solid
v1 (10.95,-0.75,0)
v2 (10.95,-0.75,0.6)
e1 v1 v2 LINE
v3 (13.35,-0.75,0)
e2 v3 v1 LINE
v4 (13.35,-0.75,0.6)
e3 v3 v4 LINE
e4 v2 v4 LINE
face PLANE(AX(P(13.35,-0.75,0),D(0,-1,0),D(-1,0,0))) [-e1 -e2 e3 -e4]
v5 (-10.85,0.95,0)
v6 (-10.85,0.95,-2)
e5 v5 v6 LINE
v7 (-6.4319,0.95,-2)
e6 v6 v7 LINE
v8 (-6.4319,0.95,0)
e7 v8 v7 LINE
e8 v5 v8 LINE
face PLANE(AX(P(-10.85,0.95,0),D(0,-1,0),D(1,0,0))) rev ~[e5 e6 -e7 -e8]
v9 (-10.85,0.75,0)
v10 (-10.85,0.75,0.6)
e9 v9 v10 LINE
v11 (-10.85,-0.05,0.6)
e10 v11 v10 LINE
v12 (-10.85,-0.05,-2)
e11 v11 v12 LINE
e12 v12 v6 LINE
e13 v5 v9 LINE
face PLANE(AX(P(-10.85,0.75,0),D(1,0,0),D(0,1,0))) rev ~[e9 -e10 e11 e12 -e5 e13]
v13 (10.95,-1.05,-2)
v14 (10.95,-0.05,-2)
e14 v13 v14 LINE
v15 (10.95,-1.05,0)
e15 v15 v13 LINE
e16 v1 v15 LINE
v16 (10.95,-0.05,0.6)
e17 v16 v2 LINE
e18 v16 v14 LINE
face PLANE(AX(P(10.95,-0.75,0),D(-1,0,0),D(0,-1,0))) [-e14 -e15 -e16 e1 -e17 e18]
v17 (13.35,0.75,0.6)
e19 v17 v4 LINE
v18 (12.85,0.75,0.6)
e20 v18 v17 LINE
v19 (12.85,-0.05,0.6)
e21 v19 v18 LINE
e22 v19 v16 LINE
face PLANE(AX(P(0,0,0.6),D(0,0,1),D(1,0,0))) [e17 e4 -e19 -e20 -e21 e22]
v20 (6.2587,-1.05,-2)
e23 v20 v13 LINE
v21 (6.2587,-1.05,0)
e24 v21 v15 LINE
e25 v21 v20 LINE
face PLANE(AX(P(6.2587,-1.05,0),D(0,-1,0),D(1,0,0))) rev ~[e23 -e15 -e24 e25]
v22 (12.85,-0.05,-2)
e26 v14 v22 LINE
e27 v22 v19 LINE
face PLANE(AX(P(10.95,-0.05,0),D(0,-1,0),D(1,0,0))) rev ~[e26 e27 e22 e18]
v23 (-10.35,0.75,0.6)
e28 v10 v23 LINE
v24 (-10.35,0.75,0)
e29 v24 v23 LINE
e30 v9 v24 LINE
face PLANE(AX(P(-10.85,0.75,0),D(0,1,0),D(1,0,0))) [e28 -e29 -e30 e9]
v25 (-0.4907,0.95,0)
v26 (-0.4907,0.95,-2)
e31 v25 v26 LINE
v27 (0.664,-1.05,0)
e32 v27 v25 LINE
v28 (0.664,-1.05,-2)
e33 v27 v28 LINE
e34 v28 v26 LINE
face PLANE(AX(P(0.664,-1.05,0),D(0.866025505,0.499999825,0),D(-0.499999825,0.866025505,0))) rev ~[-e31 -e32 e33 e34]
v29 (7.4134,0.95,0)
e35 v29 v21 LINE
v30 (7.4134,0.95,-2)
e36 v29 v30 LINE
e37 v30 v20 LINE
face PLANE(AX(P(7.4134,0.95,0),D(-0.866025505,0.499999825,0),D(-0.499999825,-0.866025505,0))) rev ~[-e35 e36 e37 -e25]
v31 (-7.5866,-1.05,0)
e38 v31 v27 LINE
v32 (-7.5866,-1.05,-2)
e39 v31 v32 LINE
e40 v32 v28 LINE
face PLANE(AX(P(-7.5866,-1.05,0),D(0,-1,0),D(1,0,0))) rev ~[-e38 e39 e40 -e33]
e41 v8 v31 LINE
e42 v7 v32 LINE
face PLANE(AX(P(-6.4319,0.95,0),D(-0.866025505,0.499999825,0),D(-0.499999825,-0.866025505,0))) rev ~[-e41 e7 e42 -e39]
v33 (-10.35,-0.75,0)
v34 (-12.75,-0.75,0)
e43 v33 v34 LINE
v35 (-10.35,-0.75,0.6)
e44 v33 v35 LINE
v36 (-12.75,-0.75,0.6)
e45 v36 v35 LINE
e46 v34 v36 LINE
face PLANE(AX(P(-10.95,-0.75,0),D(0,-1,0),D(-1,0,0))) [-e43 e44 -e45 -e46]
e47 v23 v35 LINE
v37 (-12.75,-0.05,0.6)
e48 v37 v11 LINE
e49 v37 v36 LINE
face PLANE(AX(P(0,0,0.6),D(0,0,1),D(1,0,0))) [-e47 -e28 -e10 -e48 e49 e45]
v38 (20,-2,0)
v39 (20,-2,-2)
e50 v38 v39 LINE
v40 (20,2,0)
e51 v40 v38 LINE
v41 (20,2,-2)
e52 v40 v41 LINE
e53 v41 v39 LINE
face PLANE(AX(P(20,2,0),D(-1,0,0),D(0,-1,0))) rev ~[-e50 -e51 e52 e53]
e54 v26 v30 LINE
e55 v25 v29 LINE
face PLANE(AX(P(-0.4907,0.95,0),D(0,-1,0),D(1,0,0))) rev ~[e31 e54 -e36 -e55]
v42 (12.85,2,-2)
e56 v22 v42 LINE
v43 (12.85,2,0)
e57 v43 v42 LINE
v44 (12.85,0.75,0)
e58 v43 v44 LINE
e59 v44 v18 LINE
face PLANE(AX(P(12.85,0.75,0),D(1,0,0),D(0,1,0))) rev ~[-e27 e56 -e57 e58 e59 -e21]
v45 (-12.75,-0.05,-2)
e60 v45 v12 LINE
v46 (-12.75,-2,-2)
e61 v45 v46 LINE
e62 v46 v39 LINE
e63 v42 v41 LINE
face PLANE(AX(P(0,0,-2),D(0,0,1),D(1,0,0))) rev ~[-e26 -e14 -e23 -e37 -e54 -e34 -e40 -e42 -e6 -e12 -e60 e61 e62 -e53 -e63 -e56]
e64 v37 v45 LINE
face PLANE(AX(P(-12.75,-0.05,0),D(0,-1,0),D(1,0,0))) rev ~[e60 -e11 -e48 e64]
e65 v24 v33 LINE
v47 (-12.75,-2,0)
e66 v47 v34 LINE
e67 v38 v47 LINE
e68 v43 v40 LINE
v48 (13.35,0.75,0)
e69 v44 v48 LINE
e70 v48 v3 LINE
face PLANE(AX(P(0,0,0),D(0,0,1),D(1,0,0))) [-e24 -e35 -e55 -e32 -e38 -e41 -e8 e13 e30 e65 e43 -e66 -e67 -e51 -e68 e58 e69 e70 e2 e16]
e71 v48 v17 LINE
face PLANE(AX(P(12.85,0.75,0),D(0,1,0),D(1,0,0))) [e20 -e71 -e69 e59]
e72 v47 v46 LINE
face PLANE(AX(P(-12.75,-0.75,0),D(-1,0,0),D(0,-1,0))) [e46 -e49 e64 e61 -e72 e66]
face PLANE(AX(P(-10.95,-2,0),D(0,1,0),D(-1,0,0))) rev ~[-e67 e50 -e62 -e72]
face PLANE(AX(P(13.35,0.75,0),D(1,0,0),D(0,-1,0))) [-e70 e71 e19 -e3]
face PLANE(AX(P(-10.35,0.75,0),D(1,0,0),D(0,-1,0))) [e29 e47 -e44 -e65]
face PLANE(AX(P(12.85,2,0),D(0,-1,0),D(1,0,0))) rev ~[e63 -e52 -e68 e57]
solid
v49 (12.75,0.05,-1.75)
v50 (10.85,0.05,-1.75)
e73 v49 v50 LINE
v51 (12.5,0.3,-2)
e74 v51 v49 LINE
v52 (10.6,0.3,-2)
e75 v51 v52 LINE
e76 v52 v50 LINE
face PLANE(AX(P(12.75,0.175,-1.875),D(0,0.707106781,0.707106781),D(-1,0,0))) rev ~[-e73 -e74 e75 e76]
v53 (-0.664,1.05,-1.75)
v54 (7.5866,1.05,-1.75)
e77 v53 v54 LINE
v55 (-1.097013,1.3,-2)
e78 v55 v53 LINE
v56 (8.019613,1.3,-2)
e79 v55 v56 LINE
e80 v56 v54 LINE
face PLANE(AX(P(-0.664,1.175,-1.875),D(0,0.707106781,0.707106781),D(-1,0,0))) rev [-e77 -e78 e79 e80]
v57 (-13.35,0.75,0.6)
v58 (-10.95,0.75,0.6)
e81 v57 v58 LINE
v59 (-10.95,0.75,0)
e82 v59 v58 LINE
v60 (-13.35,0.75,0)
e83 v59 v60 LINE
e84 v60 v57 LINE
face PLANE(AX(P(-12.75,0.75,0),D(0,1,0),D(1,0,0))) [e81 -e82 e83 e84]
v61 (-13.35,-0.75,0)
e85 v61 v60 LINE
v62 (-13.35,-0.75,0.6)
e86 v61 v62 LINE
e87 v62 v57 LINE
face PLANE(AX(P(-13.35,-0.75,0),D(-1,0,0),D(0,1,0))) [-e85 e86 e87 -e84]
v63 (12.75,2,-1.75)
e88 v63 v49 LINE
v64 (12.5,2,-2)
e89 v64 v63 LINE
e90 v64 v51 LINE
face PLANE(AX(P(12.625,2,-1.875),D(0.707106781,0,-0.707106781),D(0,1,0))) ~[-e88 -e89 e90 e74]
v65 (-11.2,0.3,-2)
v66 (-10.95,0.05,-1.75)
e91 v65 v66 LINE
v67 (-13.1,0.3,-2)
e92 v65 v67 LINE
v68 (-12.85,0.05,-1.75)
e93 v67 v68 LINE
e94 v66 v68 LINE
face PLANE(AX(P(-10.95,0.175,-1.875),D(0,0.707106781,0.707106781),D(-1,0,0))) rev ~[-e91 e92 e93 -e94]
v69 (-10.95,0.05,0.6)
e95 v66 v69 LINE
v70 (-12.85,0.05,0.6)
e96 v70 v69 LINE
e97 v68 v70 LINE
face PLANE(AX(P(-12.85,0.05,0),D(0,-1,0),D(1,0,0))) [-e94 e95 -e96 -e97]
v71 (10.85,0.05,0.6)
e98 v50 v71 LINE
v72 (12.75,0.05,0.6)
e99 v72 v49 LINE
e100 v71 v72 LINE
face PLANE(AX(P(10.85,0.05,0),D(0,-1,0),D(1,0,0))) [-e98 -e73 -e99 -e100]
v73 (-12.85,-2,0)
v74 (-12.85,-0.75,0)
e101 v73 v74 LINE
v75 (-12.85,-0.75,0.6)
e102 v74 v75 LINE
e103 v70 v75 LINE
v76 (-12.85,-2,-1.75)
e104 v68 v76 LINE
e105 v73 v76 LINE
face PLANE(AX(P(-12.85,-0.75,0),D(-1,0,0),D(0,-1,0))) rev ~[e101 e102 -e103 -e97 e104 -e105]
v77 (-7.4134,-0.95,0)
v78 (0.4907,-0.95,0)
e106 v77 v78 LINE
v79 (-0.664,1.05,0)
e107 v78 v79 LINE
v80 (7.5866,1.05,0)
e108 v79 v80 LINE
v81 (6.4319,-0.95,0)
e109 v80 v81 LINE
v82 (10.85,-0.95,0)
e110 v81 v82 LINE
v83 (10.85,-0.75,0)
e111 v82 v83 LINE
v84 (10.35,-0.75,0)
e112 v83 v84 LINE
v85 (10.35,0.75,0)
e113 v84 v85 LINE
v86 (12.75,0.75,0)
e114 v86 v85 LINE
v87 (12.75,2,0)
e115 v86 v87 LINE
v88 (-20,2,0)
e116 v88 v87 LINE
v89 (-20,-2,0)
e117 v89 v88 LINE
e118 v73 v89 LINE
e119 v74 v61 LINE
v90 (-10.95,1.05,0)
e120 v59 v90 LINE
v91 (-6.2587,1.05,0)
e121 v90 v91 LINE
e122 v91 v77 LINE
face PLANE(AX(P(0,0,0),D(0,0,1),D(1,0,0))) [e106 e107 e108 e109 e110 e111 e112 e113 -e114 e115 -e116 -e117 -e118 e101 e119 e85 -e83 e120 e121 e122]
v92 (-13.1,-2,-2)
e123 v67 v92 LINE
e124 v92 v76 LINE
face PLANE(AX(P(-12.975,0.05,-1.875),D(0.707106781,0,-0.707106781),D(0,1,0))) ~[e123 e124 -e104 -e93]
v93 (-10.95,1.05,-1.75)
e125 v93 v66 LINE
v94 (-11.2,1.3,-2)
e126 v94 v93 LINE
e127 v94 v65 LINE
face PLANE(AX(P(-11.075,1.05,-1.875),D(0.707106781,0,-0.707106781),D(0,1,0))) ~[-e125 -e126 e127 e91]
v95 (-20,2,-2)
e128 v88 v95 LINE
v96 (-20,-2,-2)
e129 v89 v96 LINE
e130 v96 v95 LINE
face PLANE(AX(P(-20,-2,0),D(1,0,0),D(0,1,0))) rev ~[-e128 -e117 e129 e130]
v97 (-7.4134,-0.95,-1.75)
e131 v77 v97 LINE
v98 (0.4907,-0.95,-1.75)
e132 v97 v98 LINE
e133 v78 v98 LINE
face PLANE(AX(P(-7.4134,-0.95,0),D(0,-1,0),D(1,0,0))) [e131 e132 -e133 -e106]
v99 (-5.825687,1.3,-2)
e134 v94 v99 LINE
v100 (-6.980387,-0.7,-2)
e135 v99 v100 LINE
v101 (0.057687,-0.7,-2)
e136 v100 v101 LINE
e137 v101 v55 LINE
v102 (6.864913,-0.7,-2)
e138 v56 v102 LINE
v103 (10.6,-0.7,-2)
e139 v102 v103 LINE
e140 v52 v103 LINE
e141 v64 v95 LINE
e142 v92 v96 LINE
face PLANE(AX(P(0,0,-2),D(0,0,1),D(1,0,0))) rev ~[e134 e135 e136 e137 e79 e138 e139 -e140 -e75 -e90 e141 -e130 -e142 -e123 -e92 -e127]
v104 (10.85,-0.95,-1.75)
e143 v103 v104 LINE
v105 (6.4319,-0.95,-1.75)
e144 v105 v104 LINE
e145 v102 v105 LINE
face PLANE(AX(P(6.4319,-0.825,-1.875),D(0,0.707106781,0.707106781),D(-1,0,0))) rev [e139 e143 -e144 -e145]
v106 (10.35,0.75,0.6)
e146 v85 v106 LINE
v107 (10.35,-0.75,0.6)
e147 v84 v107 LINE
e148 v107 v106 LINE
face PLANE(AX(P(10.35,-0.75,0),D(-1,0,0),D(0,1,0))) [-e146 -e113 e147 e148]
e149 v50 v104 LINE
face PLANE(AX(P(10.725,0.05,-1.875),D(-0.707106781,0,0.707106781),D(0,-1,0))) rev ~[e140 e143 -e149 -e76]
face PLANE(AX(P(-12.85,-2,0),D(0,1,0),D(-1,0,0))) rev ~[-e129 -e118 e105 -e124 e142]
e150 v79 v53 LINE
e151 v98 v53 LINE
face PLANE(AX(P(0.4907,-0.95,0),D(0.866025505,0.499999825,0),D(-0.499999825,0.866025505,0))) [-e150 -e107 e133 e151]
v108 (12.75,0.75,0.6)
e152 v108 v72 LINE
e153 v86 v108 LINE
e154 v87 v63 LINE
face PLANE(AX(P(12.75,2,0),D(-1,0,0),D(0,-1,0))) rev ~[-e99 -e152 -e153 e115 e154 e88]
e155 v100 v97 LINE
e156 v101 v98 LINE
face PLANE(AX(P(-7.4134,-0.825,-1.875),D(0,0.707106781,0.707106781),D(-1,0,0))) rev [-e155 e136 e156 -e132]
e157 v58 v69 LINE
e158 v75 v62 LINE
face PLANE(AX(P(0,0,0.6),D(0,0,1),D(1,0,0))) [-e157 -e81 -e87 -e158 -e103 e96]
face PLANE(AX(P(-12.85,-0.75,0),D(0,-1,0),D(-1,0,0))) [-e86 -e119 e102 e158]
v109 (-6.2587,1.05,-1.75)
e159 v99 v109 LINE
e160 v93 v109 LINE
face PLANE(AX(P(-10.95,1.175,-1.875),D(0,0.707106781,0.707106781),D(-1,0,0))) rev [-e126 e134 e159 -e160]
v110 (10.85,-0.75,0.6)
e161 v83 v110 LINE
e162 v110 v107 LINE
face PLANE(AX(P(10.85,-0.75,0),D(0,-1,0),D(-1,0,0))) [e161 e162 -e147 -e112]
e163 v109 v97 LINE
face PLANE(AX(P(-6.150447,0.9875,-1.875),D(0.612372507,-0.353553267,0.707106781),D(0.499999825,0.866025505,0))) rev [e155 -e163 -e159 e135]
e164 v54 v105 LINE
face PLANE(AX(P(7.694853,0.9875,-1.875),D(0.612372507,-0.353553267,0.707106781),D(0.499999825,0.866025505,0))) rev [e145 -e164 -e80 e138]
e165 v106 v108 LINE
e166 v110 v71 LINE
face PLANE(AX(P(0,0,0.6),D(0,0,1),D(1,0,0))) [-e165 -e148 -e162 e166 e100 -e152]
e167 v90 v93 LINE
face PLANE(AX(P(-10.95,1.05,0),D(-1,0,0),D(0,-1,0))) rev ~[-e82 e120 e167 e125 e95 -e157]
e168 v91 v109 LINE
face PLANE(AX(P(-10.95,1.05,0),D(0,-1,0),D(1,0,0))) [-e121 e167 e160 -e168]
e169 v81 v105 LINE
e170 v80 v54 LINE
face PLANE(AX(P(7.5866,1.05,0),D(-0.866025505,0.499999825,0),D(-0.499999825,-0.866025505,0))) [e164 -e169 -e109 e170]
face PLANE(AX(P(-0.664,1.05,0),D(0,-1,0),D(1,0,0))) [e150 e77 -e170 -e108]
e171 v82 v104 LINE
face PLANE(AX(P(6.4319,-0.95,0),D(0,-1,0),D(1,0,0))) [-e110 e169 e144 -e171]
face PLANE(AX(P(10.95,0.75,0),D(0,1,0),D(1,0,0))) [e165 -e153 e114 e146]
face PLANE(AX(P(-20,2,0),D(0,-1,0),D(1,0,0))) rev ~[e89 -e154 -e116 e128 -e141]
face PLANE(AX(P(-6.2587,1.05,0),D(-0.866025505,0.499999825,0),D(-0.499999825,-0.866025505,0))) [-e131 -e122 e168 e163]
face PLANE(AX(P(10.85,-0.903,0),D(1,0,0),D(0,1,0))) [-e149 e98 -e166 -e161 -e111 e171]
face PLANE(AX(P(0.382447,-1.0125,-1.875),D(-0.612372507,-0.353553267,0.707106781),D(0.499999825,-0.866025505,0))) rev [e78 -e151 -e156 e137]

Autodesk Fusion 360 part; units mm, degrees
sketch "Sketch1" plane through (0, 0, 0) normal (0, 0, 1) x (1, 0, 0)
  line L0 (-20, 2) -> (20, 2)
  line L1 (20, 2) -> (20, -2)
  line L2 (20, -2) -> (-20, -2)
  line L3 (-20, -2) -> (-20, 2)
  line L4 (0, -2) -> (0, 2) construction
  line L5 (-20, 0) -> (20, 0) construction
  line L6 (-11.85, 2) -> (-11.85, -2) construction
  line L7 (11.85, 2) -> (11.85, -2) construction
  line L8 (-12.75, 2) -> (-12.75, -2)
  line L9 (-12.45, 2) -> (-12.45, -2) construction
  line L10 (-11.25, 2) -> (-11.25, -2) construction
  line L11 (-10.95, 2) -> (-10.95, -2)
  line L12 (11.25, 2) -> (11.25, -2) construction
  line L13 (12.45, 2) -> (12.45, -2) construction
  line L14 (10.95, 2) -> (10.95, -2)
  line L15 (12.75, 2) -> (12.75, -2)
  line L16 (-13.35, 0.75) -> (-10.35, 0.75)
  line L17 (-10.35, 0.75) -> (-10.35, -0.75)
  line L18 (-10.35, -0.75) -> (-13.35, -0.75)
  line L19 (-13.35, -0.75) -> (-13.35, 0.75)
  line L20 (10.35, 0.75) -> (13.35, 0.75)
  line L21 (13.35, 0.75) -> (13.35, -0.75)
  line L22 (13.35, -0.75) -> (10.35, -0.75)
  line L23 (10.35, -0.75) -> (10.35, 0.75)
  line L24 (-11.85, 1) -> (-6.3453, 1) construction
  line L25 (-6.3453, 1) -> (-7.5, -1) construction
  line L26 (-7.5, -1) -> (0.5774, -1) construction
  line L27 (0.5774, -1) -> (-0.5774, 1) construction
  line L28 (-0.5774, 1) -> (7.5, 1) construction
  line L29 (7.5, 1) -> (6.3453, -1) construction
  line L30 (6.3453, -1) -> (11.85, -1) construction
  line L31 (-3.4613, -1) -> (-3.4613, 2) construction
  line L32 (3.4613, 1) -> (3.4613, -2) construction
  line L33 (-12.85, 0.05) -> (-10.95, 0.05)
  line L34 (-10.95, 1.05) -> (-6.2587, 1.05)
  line L35 (-6.2587, 1.05) -> (-7.4134, -0.95)
  line L36 (-7.4134, -0.95) -> (0.4907, -0.95)
  line L37 (0.4907, -0.95) -> (-0.664, 1.05)
  line L38 (-0.664, 1.05) -> (7.5866, 1.05)
  line L39 (7.5866, 1.05) -> (6.4319, -0.95)
  line L40 (6.4319, -0.95) -> (10.85, -0.95)
  line L41 (-12.85, 0.05) -> (-12.85, -2)
  line L42 (-12.75, -0.05) -> (-10.85, -0.05)
  line L43 (-10.85, -0.05) -> (-10.85, 0.95)
  line L44 (-10.85, 0.95) -> (-6.4319, 0.95)
  line L45 (-6.4319, 0.95) -> (-7.5866, -1.05)
  line L46 (-7.5866, -1.05) -> (0.664, -1.05)
  line L47 (0.664, -1.05) -> (-0.4907, 0.95)
  line L48 (-0.4907, 0.95) -> (7.4134, 0.95)
  line L49 (7.4134, 0.95) -> (6.2587, -1.05)
  line L50 (6.2587, -1.05) -> (10.95, -1.05)
  line L51 (10.85, -0.95) -> (10.85, -0.903)
  line L52 (10.85, -0.903) -> (10.85, 0.05)
  line L53 (10.85, 0.05) -> (12.75, 0.05)
  line L54 (10.95, -0.05) -> (12.85, -0.05)
  line L55 (12.85, -0.05) -> (12.85, 2)
  line L56 (-12.25, 2) -> (-12.25, -2) construction
  line L57 (-11.45, -2) -> (-11.45, 2) construction
  line L58 (11.45, 2) -> (11.45, -2) construction
  line L59 (12.25, 2) -> (12.25, -2) construction
  point P0 (-6.9226, 0)
  point P1 (6.9226, 0)
  point P2 (-11.85, 0)
  point P3 (11.85, 0)
  dimension "d123" = 40
  dimension "d124" = 1.2
  dimension "d125" = 1.8
  dimension "d127" = 4
  dimension "d128" = 3
  dimension "d129" = 1.5
  dimension "d130" = 30
  dimension "d131" = 2
  dimension "d132" = 15
  dimension "d133" = 0.1
  dimension "d134" = 0.1
  dimension "d136" = 0.1
  dimension "d137" = 0.1
  dimension "d138" = 0.1
  dimension "d139" = 0.1
  dimension "d140" = 0.1
  dimension "d141" = 0.1
  dimension "d142" = 0.1
  dimension "d143" = 0.1
  dimension "d144" = 0.1
  dimension "d145" = 0.1
  dimension "d146" = 0.1
  dimension "d147" = 0.8
  dimension "d161" = 22.5
sketch "Sketch2" plane through (0, 0, 0) normal (0, 1, 0) x (1, 0, 0)
  line L0 (10.95, 0) -> (12.75, 0)
  line L1 (12.75, 0) -> (12.75, -0.4)
  line L2 (12.75, -0.4) -> (12.25, -0.4)
  line L3 (12.25, -0.4) -> (12.25, -1.8)
  line L4 (12.25, -1.8) -> (12.45, -1.8)
  line L5 (12.45, -1.8) -> (12.45, -2.4)
  line L6 (12.45, -2.4) -> (11.25, -2.4)
  line L7 (11.25, -2.4) -> (11.25, -1.8)
  line L8 (11.25, -1.8) -> (11.45, -1.8)
  line L9 (11.45, -1.8) -> (11.45, -0.4)
  line L10 (11.45, -0.4) -> (10.95, -0.4)
  line L11 (10.95, -0.4) -> (10.95, 0)
  line L12 (11.85, 0.4) -> (11.85, -2.4) construction
  line L13 (-12.45, -1.8) -> (-12.25, -1.8)
  line L14 (-10.95, 0) -> (-10.95, -0.4)
  line L15 (-11.45, -0.4) -> (-11.45, -1.8)
  line L16 (-12.25, -1.8) -> (-12.25, -0.4)
  line L17 (-10.95, -0.4) -> (-11.45, -0.4)
  line L18 (-12.75, -0.4) -> (-12.75, 0)
  line L19 (-12.75, 0) -> (-10.95, 0)
  line L20 (-11.25, -1.8) -> (-11.25, -2.4)
  line L21 (-11.85, 0.4) -> (-11.85, -2.4) construction
  line L22 (-12.25, -0.4) -> (-12.75, -0.4)
  line L23 (-12.45, -2.4) -> (-12.45, -1.8)
  line L24 (-11.45, -1.8) -> (-11.25, -1.8)
  line L25 (-11.25, -2.4) -> (-12.45, -2.4)
  line L26 (11.1644, 0) -> (11.5, 0.4)
  line L27 (12.2, 0.4) -> (12.5356, 0)
  line L28 (-11.1644, 0) -> (-11.5, 0.4)
  line L29 (-12.2, 0.4) -> (-12.5356, 0)
  line L30 (12.2, 0.4) -> (11.5, 0.4)
  line L31 (-12.2, 0.4) -> (-11.5, 0.4)
  point P0 (11.85, 0)
  point P1 (12.45, 0)
  point P2 (12.75, 0)
  point P3 (12.25, 0)
  point P4 (-11.85, 0)
  point P5 (-11.45, 0)
  point P6 (-11.25, 0)
  point P7 (-10.95, 0)
  dimension "d148" = 2.4
  dimension "d149" = 1.2
  dimension "d150" = 0.6
  dimension "d151" = 0.4
  dimension "d162" = 50
  dimension "d163" = 0.4
  dimension "d164" = 0.7
extrude "Extrude2" add sketch "Sketch1" against normal blind 2 contours L0 L2 L3 L8 L16 L18 L19 L41 | L0 L8 L11 L16 | L0 L11 L14 L20 L22 L23 L34 L35 L36 L37 L38 L39 L40 L51 L52 | L8 L11 L16 L33 | L8 L16 L18 L19 L33 L41 | L0 L14 L15 L20 | L14 L15 L20 L53 | L14 L20 L22 L23 L52 L53 makes body 1
extrude "Extrude3" add sketch "Sketch1" along normal blind 0.6 contours L8 L11 L16 L33 | L8 L16 L18 L19 L33 L41 | L14 L15 L20 L53 | L14 L20 L22 L23 L52 L53 bodies 1
extrude "Extrude1" add sketch "Sketch1" against normal up to surface (2 mm away) separate body contours L2 L8 L11 L18 | L8 L11 L18 L42 | L2 L11 L14 L16 L17 L18 L43 L44 L45 L46 L47 L48 L49 L50 | L11 L16 L17 L18 L42 L43 | L0 L1 L2 L15 L20 L21 L22 L55 | L2 L14 L15 L22 | L15 L20 L21 L22 L54 L55 | L14 L15 L22 L54 makes body 2 in component "Join 2"
extrude "Extrude2'" add sketch "Sketch1" along normal up to surface (0.6 mm away) contours L8 L11 L18 L42 | L11 L16 L17 L18 L42 L43 | L15 L20 L21 L22 L54 L55 | L14 L15 L22 L54 bodies 2 in component "Join 2"
chamfer "Chamfer2" distance 0.25 angle 45 13 edges at (-12.85, -0.975, -2) (-11.9, 0.05, -2) (-10.95, 0.55, -2) (-8.6043, 1.05, -2) (-6.836, 0.05, -2) (-3.4613, -0.95, -2) (-0.0866, 0.05, -2) (3.4613, 1.05, -2) (7.0093, 0.05, -2) (8.641, -0.95, -2) (10.85, -0.45, -2) (11.8, 0.05, -2) (12.75, 1.025, -2) measured on face at (-17.6167, 0.0167, -2) measured on face at (-17.6167, 0.0167, -2) measured on face at (-17.6167, 0.0167, -2) measured on face at (-17.6167, 0.0167, -2) measured on face at (-17.6167, 0.0167, -2) measured on face at (-17.6167, 0.0167, -2) measured on face at (-17.6167, 0.0167, -2) measured on face at (-17.6167, 0.0167, -2) measured on face at (-17.6167, 0.0167, -2) measured on face at (-17.6167, 0.0167, -2) measured on face at (-17.6167, 0.0167, -2) measured on face at (-17.6167, 0.0167, -2) measured on face at (-17.6167, 0.0167, -2) on bodies 1
component "Join 2" placed x (1, 0, 0) y (0, 1, 0) z (0, 0, 1) at (0, 0, 0)
equation "Gauge = 22.5 mm"
equation "SleeperThickness = 2 mm"
equation "Tollerance = 0.1 mm"
equation "SleeperSpcing = Gauge / 1.5"
equation "d115 = Gauge / 37.5"
equation "d123 = d127 * 10"
equation "d124 = Gauge / 18.75"
equation "d125 = d124 * 1.5"
equation "d126 = Gauge"
equation "d127 = Gauge / 5.625"
equation "d128 = d124 * 2.5"
equation "d129 = d128 / 2"
equation "d130 = Angular Dimension-2"
equation "d131 = d127 / 2"
equation "d132 = d161 / 1.5"
equation "d133 = Tollerance"
equation "d134 = d133"
equation "d136 = d133"
equation "d137 = d133"
equation "d138 = d133"
equation "d139 = d133"
equation "d140 = d133"
equation "d141 = d133"
equation "d142 = d133"
equation "d143 = d133"
equation "d144 = d133"
equation "d145 = d133"
equation "d146 = d133"
equation "d147 = d124 / 1.5"
equation "d148 = d149 * 2"
equation "d150 = d149 / 2"
equation "d151 = d149 / 3"
equation "d160 = Gauge"
equation "d161 = Gauge"
equation "d162 = Angular Dimension-2"
equation "d163 = d149 / 3"
equation "d164 = d149 / 1.2 * 0.7"
